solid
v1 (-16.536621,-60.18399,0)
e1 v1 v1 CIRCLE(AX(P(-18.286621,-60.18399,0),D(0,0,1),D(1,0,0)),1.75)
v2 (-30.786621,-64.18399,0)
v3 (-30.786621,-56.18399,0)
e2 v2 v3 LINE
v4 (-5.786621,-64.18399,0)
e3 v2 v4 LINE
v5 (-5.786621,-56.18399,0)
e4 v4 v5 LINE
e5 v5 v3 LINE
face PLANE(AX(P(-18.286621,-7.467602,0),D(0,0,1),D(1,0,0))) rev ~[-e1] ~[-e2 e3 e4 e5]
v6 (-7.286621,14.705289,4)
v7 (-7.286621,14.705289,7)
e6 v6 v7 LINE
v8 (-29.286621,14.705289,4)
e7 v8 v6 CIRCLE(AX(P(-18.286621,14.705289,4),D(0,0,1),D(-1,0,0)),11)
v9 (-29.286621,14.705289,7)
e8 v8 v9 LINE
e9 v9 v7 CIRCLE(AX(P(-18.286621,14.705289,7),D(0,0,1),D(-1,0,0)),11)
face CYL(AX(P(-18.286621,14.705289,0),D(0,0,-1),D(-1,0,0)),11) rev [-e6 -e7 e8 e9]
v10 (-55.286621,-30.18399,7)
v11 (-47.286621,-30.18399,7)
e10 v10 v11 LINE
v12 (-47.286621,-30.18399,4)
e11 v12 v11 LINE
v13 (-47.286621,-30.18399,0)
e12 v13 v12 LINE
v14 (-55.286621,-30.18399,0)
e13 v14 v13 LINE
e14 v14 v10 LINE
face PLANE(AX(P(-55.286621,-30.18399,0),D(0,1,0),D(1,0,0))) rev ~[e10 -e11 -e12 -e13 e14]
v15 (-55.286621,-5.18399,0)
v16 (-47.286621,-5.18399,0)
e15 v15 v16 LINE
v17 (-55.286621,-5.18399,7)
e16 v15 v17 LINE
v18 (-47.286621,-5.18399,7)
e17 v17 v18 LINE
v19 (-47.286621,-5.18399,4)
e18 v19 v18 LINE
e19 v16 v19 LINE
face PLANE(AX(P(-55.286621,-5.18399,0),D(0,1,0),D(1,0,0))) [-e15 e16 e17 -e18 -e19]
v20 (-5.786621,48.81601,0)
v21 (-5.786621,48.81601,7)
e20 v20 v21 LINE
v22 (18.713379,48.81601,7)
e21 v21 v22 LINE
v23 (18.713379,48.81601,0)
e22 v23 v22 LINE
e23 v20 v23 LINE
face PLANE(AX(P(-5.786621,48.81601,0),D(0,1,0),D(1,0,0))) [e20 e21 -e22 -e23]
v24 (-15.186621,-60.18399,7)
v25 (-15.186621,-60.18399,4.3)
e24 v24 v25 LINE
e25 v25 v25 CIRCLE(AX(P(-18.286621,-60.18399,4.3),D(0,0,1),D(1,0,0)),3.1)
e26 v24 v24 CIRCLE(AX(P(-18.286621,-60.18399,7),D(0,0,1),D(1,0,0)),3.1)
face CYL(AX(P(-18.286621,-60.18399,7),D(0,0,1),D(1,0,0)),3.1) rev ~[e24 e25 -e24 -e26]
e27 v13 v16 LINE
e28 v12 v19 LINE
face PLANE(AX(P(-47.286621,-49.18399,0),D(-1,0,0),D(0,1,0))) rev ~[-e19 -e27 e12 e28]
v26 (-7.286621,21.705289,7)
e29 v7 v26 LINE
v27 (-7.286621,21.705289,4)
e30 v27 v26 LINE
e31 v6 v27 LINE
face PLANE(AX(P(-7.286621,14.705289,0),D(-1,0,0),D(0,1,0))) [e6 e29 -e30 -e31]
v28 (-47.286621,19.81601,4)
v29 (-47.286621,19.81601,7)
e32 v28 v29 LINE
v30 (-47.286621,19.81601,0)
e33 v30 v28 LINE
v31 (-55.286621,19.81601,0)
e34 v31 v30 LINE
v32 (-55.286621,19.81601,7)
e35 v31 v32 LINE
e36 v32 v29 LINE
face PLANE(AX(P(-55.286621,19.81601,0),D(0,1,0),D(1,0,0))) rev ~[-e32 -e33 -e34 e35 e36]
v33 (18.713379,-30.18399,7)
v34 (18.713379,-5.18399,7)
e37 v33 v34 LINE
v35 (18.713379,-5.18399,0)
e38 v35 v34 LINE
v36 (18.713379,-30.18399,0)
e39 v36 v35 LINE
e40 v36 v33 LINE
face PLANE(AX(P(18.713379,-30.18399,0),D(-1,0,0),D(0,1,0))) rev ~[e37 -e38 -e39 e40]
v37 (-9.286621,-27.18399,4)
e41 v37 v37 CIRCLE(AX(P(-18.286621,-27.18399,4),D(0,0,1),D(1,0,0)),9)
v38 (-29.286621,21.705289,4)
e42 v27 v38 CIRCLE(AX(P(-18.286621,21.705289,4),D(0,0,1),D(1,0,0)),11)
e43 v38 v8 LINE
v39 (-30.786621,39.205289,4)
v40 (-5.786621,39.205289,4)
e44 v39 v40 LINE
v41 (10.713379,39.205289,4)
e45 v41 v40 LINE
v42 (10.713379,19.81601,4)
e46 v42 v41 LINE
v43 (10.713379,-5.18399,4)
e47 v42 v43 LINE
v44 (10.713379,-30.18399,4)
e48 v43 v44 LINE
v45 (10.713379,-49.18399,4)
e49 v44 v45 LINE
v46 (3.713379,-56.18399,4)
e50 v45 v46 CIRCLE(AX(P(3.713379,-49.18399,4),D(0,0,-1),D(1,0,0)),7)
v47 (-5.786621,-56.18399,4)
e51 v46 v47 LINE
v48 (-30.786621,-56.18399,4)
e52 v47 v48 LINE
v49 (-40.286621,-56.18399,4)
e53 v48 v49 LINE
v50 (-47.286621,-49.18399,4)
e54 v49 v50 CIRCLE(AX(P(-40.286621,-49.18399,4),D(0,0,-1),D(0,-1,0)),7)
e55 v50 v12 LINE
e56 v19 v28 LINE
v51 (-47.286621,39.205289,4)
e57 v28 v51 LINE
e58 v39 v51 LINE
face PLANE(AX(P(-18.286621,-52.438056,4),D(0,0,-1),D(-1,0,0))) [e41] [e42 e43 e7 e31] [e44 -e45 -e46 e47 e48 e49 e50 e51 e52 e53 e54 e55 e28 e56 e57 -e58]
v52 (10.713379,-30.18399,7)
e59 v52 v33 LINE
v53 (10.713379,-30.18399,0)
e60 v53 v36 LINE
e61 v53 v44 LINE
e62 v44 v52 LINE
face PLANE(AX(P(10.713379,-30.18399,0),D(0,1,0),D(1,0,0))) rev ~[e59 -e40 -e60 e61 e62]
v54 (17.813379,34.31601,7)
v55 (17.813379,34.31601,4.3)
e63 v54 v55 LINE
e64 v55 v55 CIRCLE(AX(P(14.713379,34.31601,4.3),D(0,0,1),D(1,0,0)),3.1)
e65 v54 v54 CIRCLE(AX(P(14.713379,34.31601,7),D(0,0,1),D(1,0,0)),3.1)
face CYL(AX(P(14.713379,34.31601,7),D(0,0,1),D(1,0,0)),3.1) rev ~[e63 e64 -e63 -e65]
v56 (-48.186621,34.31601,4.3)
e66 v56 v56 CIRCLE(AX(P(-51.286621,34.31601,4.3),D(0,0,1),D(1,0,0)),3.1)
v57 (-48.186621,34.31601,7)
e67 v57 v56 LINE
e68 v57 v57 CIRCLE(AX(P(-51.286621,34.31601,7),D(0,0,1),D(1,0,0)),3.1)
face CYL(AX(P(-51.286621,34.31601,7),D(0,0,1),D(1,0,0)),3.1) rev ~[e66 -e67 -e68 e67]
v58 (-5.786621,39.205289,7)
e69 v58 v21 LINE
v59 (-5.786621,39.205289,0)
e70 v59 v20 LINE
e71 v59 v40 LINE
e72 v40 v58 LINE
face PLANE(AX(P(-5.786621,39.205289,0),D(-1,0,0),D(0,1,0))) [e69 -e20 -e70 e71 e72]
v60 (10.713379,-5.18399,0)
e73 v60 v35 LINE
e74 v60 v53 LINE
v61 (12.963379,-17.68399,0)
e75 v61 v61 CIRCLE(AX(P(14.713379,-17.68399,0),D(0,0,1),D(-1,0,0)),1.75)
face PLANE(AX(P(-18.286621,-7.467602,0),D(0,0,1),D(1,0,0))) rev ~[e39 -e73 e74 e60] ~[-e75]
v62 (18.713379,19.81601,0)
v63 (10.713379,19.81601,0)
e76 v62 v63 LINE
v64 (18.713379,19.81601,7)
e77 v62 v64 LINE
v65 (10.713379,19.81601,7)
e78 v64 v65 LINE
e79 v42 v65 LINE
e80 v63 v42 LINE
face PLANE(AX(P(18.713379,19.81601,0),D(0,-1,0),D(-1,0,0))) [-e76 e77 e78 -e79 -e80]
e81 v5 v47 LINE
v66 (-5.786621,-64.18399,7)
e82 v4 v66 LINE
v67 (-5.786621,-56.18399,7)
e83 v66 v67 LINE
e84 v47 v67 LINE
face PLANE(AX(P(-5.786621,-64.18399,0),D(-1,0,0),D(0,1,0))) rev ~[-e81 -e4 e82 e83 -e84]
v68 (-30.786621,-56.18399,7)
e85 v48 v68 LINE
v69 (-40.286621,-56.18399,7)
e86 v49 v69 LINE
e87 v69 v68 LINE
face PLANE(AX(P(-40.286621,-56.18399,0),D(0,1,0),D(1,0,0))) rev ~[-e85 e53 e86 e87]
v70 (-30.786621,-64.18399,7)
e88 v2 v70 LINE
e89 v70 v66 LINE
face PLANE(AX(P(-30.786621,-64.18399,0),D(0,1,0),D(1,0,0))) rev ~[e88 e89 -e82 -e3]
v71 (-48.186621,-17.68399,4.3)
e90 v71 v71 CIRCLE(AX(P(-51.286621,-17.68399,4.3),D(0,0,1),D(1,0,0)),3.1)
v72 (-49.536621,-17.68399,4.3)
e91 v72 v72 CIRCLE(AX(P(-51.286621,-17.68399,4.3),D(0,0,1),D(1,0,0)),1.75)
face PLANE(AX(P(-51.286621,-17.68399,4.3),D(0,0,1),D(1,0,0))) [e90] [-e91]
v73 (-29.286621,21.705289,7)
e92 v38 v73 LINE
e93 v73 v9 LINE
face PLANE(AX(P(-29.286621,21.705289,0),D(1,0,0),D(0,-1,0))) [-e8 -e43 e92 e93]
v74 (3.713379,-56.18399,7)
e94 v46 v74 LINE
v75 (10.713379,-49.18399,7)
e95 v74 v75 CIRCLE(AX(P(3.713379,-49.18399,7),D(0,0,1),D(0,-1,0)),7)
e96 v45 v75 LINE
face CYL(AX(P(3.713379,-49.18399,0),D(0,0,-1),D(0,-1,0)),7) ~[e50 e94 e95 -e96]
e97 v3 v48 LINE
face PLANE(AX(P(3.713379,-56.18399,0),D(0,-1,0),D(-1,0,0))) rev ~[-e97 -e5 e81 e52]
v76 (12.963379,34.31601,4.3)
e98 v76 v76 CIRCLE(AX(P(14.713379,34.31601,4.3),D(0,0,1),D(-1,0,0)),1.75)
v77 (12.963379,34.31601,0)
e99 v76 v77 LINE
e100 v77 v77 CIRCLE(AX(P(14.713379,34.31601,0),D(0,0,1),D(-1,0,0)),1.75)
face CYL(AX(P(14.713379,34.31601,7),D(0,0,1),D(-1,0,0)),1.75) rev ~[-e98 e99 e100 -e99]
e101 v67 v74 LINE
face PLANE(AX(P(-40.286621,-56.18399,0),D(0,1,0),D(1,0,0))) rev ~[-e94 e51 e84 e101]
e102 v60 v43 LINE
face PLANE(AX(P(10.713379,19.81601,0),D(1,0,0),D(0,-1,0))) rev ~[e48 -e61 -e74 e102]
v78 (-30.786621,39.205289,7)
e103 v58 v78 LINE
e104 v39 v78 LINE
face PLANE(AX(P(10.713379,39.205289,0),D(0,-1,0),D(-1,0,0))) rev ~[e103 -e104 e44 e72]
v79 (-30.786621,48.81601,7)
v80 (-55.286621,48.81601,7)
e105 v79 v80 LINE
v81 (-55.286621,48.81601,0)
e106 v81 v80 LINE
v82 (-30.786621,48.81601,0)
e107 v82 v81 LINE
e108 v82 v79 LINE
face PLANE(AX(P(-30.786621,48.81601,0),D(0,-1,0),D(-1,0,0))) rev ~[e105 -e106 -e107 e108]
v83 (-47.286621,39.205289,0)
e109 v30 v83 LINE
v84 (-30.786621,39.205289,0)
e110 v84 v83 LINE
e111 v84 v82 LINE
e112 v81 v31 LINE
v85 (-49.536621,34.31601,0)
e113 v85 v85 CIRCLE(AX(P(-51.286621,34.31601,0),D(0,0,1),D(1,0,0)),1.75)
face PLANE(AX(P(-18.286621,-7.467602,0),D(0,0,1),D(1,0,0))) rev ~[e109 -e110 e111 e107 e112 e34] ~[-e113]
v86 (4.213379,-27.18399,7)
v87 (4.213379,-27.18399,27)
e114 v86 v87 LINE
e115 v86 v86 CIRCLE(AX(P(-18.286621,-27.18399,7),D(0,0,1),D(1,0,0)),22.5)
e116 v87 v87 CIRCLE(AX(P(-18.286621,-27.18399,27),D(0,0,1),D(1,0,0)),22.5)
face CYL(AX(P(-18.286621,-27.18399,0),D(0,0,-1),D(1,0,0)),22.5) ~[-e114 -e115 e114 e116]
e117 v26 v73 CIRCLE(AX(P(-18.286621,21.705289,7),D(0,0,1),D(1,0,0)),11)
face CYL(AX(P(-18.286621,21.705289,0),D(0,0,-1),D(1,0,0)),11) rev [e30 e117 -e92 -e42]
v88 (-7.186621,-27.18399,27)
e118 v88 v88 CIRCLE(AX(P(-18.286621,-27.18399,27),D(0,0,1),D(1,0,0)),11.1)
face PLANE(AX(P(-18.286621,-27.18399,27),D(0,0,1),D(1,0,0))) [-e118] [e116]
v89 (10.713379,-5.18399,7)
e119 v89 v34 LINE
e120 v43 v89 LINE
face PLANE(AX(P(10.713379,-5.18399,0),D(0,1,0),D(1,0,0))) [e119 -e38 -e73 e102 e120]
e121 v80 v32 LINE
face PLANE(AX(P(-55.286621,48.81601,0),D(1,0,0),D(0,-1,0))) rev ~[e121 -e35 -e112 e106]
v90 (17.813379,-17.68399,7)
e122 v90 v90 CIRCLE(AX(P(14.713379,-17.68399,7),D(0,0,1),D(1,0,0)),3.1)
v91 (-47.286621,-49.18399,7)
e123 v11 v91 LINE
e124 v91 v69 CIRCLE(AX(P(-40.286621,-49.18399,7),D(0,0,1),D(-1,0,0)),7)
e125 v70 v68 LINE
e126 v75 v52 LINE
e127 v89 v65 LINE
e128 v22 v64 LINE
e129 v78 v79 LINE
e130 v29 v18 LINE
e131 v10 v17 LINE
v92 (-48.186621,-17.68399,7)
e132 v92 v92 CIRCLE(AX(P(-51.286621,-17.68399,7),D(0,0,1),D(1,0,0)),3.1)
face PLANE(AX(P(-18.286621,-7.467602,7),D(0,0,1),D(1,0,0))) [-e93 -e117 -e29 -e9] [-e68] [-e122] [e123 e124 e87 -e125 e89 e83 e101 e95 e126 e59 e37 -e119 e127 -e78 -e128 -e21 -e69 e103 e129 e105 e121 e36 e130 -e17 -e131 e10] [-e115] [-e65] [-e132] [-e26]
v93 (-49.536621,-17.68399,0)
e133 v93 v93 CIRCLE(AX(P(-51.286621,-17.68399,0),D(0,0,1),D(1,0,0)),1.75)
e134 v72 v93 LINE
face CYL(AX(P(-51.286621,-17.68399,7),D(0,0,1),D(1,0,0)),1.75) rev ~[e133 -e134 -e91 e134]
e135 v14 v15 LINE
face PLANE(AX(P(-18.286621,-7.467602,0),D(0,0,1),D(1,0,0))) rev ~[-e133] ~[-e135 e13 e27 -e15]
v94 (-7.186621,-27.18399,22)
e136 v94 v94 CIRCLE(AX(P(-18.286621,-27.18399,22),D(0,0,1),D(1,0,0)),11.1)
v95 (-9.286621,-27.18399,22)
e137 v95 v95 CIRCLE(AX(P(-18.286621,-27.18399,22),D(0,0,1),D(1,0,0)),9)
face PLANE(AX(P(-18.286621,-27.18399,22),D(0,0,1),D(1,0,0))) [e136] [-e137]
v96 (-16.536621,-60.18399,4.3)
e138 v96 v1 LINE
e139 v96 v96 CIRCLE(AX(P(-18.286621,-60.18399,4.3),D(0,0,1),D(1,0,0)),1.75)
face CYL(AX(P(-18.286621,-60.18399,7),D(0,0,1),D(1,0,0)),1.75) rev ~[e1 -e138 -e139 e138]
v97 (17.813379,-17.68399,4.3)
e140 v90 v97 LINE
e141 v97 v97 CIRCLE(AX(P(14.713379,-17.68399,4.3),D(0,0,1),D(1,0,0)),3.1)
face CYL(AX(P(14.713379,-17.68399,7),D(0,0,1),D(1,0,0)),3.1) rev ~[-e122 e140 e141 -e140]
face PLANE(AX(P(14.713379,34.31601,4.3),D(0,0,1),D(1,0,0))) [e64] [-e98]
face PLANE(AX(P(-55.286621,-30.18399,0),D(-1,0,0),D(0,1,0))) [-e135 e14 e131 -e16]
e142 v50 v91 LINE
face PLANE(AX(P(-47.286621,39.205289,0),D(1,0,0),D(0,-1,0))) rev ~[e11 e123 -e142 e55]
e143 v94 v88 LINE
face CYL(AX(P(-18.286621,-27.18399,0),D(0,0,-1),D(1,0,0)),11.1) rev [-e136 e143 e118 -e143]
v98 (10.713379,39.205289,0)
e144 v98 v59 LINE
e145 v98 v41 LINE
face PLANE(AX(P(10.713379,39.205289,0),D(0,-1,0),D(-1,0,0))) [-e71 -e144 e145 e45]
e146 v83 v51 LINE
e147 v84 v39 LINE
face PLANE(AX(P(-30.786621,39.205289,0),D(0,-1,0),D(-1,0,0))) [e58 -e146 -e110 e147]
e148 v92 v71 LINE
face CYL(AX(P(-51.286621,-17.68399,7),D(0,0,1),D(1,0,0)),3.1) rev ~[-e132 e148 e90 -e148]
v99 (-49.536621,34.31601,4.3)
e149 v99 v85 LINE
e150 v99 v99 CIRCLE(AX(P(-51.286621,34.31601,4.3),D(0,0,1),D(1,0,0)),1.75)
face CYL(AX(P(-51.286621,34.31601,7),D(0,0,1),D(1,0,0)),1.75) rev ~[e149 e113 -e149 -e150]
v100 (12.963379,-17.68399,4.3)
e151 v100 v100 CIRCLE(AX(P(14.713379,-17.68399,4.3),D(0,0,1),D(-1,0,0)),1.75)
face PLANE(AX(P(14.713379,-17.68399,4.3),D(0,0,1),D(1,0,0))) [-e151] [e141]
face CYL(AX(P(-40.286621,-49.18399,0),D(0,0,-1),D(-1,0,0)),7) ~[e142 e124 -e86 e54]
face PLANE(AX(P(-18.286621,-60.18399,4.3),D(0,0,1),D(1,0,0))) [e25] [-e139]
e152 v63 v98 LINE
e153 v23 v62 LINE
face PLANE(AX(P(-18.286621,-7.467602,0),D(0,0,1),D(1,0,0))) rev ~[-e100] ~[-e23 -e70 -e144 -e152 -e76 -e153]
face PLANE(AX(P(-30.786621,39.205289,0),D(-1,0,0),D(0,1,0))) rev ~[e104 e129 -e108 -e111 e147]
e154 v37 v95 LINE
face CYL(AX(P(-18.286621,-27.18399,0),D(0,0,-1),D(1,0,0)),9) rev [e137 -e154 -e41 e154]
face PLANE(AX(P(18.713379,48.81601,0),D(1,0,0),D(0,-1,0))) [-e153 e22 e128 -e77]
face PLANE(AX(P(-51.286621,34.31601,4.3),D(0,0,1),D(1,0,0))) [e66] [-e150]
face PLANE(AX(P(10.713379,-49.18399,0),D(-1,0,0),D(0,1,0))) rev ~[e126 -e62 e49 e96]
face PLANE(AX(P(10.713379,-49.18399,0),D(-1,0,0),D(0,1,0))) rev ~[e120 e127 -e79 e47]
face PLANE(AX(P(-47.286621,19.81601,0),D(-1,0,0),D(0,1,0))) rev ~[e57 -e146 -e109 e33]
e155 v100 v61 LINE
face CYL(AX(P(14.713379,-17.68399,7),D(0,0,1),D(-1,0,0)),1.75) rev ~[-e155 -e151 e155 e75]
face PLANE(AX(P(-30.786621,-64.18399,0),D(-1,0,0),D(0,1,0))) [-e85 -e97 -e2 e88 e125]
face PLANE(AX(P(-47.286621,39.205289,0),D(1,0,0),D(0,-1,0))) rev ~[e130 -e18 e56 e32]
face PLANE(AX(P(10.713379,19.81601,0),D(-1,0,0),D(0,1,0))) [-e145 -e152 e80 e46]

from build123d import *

# Parameters (mm, degrees)
CROQUIS2_R              = 22.5
SALIENTE_EXTRUIR1_DEPTH = 7
CROQUIS2_4_R            = 11.1
CROQUIS2_4_R_2          = 9
SALIENTE_EXTRUIR2_DEPTH = 22
CROQUIS2_5_R            = 22.5
CROQUIS2_5_R_2          = 11.1
SALIENTE_EXTRUIR3_DEPTH = 27
CROQUIS3_R              = 1.75
CORTAR_EXTRUIR1_DEPTH   = 7
CROQUIS4_R              = 3.1
CORTAR_EXTRUIR2_DEPTH   = 2.7
CROQUIS5_R              = 9
CORTAR_EXTRUIR3_DEPTH   = 4


with BuildPart() as part:
    # Croquis2 → Saliente-Extruir1 (new body)
    with BuildSketch(Plane.XY):
        with BuildLine():
            Line((-30.786620614, 39.205288522), (-30.786620614, 48.816010109))
            Line((-30.786620614, 48.816010109), (-55.286620614, 48.816010109))
            Line((-55.286620614, 48.816010109), (-55.286620614, 19.816010109))
            Line((-55.286620614, 19.816010109), (-47.286620614, 19.816010109))
            Line((-47.286620614, 19.816010109), (-47.286620614, -5.183989891))
            Line((-47.286620614, -5.183989891), (-55.286620614, -5.183989891))
            Line((-55.286620614, -5.183989891), (-55.286620614, -30.183989891))
            Line((-55.286620614, -30.183989891), (-47.286620614, -30.183989891))
            Line((-47.286620614, -30.183989891), (-47.286620614, -49.183989891))
            ThreePointArc((-47.286620614, -49.183989891), (-45.236368082, -54.133737359), (-40.286620614, -56.183989891))
            Line((-40.286620614, -56.183989891), (-30.786620614, -56.183989891))
            Line((-30.786620614, -56.183989891), (-30.786620614, -64.183989891))
            Line((-30.786620614, -64.183989891), (-5.786620614, -64.183989891))
            Line((-5.786620614, -64.183989891), (-5.786620614, -56.183989891))
            Line((-5.786620614, -56.183989891), (3.713379386, -56.183989891))
            ThreePointArc((3.713379386, -56.183989891), (8.663126854, -54.133737359), (10.713379386, -49.183989891))
            Line((10.713379386, -49.183989891), (10.713379386, -30.183989891))
            Line((10.713379386, -30.183989891), (18.713379386, -30.183989891))
            Line((18.713379386, -30.183989891), (18.713379386, -5.183989891))
            Line((18.713379386, -5.183989891), (10.713379386, -5.183989891))
            Line((10.713379386, -5.183989891), (10.713379386, 19.816010109))
            Line((10.713379386, 19.816010109), (18.713379386, 19.816010109))
            Line((18.713379386, 19.816010109), (18.713379386, 48.816010109))
            Line((18.713379386, 48.816010109), (-5.786620614, 48.816010109))
            Line((-5.786620614, 48.816010109), (-5.786620614, 39.205288522))
            Line((-5.786620614, 39.205288522), (-30.786620614, 39.205288522))
        make_face()
        with BuildLine():
            ThreePointArc((-7.286620614, 14.705288522), (-18.286620614, 3.705288522), (-29.286620614, 14.705288522))
            Line((-29.286620614, 14.705288522), (-29.286620614, 21.705288522))
            ThreePointArc((-29.286620614, 21.705288522), (-18.286620614, 32.705288522), (-7.286620614, 21.705288522))
            Line((-7.286620614, 21.705288522), (-7.286620614, 14.705288522))
        make_face(mode=Mode.SUBTRACT)
        with Locations((-18.286620614, -27.183989891)):
            Circle(CROQUIS2_R, mode=Mode.SUBTRACT)
    extrude(amount=SALIENTE_EXTRUIR1_DEPTH)



with BuildPart() as body_2:
    # Croquis2<4> → Saliente-Extruir2 (new body)
    with BuildSketch(Plane.XY):
        with Locations((-18.286620614, -27.183989891)):
            Circle(CROQUIS2_4_R)
        with Locations((-18.286620614, -27.183989891)):
            Circle(CROQUIS2_4_R_2, mode=Mode.SUBTRACT)
    extrude(amount=SALIENTE_EXTRUIR2_DEPTH)


with BuildPart() as part_1:
    add(part.part)

    add(body_2.part)  # Saliente-Extruir3 merges body 2
    # Croquis2<5> → Saliente-Extruir3 (add)
    with BuildSketch(Plane.XY):
        with Locations((-18.286620614, -27.183989891)):
            Circle(CROQUIS2_5_R)
        with Locations((-18.286620614, -27.183989891)):
            Circle(CROQUIS2_5_R_2, mode=Mode.SUBTRACT)
    extrude(amount=SALIENTE_EXTRUIR3_DEPTH)

    # Croquis3 → Cortar-Extruir1 (cut)
    with BuildSketch(Plane.XY.offset(7)):
        with Locations((-51.286620614, 34.316010109)):
            Circle(CROQUIS3_R)
        with Locations((-51.286620614, -17.683989891)):
            Circle(CROQUIS3_R)
        with Locations((-18.286620614, -60.183989891)):
            Circle(CROQUIS3_R)
        with Locations((14.713379386, -17.683989891)):
            Circle(CROQUIS3_R)
        with Locations((14.713379386, 34.316010109)):
            Circle(CROQUIS3_R)
    extrude(amount=-CORTAR_EXTRUIR1_DEPTH, mode=Mode.SUBTRACT)

    # Croquis4 → Cortar-Extruir2 (cut)
    with BuildSketch(Plane.XY.offset(7)):
        with Locations((-51.286620614, -17.683989891)):
            Circle(CROQUIS4_R)
        with Locations((-51.286620614, 34.316010109)):
            Circle(CROQUIS4_R)
        with Locations((14.713379386, 34.316010109)):
            Circle(CROQUIS4_R)
        with Locations((14.713379386, -17.683989891)):
            Circle(CROQUIS4_R)
        with Locations((-18.286620614, -60.183989891)):
            Circle(CROQUIS4_R)
    extrude(amount=-CORTAR_EXTRUIR2_DEPTH, mode=Mode.SUBTRACT)

    # Croquis5 → Cortar-Extruir3 (cut)
    with BuildSketch(Plane(origin=(0, 0, 0), x_dir=(-1, 0, 0), z_dir=(0, 0, -1))):
        with BuildLine():
            Line((47.286620614, 39.205288522), (-10.713379386, 39.205288522))
            Line((-10.713379386, 39.205288522), (-10.713379386, -49.183989891))
            ThreePointArc((-10.713379386, -49.183989891), (-8.663126854, -54.133737359), (-3.713379386, -56.183989891))
            Line((-3.713379386, -56.183989891), (40.286620614, -56.183989891))
            ThreePointArc((40.286620614, -56.183989891), (45.236368082, -54.133737359), (47.286620614, -49.183989891))
            Line((47.286620614, -49.183989891), (47.286620614, 39.205288522))
        make_face()
        with BuildLine():
            Line((7.286620614, 14.705288522), (7.286620614, 21.705288522))
            ThreePointArc((7.286620614, 21.705288522), (18.286620614, 32.705288522), (29.286620614, 21.705288522))
            Line((29.286620614, 21.705288522), (29.286620614, 14.705288522))
            ThreePointArc((29.286620614, 14.705288522), (18.286620614, 3.705288522), (7.286620614, 14.705288522))
        make_face(mode=Mode.SUBTRACT)
        with Locations((18.286620614, -27.183989891)):
            Circle(CROQUIS5_R, mode=Mode.SUBTRACT)
    extrude(amount=-CORTAR_EXTRUIR3_DEPTH, mode=Mode.SUBTRACT)


solid = part_1.part
